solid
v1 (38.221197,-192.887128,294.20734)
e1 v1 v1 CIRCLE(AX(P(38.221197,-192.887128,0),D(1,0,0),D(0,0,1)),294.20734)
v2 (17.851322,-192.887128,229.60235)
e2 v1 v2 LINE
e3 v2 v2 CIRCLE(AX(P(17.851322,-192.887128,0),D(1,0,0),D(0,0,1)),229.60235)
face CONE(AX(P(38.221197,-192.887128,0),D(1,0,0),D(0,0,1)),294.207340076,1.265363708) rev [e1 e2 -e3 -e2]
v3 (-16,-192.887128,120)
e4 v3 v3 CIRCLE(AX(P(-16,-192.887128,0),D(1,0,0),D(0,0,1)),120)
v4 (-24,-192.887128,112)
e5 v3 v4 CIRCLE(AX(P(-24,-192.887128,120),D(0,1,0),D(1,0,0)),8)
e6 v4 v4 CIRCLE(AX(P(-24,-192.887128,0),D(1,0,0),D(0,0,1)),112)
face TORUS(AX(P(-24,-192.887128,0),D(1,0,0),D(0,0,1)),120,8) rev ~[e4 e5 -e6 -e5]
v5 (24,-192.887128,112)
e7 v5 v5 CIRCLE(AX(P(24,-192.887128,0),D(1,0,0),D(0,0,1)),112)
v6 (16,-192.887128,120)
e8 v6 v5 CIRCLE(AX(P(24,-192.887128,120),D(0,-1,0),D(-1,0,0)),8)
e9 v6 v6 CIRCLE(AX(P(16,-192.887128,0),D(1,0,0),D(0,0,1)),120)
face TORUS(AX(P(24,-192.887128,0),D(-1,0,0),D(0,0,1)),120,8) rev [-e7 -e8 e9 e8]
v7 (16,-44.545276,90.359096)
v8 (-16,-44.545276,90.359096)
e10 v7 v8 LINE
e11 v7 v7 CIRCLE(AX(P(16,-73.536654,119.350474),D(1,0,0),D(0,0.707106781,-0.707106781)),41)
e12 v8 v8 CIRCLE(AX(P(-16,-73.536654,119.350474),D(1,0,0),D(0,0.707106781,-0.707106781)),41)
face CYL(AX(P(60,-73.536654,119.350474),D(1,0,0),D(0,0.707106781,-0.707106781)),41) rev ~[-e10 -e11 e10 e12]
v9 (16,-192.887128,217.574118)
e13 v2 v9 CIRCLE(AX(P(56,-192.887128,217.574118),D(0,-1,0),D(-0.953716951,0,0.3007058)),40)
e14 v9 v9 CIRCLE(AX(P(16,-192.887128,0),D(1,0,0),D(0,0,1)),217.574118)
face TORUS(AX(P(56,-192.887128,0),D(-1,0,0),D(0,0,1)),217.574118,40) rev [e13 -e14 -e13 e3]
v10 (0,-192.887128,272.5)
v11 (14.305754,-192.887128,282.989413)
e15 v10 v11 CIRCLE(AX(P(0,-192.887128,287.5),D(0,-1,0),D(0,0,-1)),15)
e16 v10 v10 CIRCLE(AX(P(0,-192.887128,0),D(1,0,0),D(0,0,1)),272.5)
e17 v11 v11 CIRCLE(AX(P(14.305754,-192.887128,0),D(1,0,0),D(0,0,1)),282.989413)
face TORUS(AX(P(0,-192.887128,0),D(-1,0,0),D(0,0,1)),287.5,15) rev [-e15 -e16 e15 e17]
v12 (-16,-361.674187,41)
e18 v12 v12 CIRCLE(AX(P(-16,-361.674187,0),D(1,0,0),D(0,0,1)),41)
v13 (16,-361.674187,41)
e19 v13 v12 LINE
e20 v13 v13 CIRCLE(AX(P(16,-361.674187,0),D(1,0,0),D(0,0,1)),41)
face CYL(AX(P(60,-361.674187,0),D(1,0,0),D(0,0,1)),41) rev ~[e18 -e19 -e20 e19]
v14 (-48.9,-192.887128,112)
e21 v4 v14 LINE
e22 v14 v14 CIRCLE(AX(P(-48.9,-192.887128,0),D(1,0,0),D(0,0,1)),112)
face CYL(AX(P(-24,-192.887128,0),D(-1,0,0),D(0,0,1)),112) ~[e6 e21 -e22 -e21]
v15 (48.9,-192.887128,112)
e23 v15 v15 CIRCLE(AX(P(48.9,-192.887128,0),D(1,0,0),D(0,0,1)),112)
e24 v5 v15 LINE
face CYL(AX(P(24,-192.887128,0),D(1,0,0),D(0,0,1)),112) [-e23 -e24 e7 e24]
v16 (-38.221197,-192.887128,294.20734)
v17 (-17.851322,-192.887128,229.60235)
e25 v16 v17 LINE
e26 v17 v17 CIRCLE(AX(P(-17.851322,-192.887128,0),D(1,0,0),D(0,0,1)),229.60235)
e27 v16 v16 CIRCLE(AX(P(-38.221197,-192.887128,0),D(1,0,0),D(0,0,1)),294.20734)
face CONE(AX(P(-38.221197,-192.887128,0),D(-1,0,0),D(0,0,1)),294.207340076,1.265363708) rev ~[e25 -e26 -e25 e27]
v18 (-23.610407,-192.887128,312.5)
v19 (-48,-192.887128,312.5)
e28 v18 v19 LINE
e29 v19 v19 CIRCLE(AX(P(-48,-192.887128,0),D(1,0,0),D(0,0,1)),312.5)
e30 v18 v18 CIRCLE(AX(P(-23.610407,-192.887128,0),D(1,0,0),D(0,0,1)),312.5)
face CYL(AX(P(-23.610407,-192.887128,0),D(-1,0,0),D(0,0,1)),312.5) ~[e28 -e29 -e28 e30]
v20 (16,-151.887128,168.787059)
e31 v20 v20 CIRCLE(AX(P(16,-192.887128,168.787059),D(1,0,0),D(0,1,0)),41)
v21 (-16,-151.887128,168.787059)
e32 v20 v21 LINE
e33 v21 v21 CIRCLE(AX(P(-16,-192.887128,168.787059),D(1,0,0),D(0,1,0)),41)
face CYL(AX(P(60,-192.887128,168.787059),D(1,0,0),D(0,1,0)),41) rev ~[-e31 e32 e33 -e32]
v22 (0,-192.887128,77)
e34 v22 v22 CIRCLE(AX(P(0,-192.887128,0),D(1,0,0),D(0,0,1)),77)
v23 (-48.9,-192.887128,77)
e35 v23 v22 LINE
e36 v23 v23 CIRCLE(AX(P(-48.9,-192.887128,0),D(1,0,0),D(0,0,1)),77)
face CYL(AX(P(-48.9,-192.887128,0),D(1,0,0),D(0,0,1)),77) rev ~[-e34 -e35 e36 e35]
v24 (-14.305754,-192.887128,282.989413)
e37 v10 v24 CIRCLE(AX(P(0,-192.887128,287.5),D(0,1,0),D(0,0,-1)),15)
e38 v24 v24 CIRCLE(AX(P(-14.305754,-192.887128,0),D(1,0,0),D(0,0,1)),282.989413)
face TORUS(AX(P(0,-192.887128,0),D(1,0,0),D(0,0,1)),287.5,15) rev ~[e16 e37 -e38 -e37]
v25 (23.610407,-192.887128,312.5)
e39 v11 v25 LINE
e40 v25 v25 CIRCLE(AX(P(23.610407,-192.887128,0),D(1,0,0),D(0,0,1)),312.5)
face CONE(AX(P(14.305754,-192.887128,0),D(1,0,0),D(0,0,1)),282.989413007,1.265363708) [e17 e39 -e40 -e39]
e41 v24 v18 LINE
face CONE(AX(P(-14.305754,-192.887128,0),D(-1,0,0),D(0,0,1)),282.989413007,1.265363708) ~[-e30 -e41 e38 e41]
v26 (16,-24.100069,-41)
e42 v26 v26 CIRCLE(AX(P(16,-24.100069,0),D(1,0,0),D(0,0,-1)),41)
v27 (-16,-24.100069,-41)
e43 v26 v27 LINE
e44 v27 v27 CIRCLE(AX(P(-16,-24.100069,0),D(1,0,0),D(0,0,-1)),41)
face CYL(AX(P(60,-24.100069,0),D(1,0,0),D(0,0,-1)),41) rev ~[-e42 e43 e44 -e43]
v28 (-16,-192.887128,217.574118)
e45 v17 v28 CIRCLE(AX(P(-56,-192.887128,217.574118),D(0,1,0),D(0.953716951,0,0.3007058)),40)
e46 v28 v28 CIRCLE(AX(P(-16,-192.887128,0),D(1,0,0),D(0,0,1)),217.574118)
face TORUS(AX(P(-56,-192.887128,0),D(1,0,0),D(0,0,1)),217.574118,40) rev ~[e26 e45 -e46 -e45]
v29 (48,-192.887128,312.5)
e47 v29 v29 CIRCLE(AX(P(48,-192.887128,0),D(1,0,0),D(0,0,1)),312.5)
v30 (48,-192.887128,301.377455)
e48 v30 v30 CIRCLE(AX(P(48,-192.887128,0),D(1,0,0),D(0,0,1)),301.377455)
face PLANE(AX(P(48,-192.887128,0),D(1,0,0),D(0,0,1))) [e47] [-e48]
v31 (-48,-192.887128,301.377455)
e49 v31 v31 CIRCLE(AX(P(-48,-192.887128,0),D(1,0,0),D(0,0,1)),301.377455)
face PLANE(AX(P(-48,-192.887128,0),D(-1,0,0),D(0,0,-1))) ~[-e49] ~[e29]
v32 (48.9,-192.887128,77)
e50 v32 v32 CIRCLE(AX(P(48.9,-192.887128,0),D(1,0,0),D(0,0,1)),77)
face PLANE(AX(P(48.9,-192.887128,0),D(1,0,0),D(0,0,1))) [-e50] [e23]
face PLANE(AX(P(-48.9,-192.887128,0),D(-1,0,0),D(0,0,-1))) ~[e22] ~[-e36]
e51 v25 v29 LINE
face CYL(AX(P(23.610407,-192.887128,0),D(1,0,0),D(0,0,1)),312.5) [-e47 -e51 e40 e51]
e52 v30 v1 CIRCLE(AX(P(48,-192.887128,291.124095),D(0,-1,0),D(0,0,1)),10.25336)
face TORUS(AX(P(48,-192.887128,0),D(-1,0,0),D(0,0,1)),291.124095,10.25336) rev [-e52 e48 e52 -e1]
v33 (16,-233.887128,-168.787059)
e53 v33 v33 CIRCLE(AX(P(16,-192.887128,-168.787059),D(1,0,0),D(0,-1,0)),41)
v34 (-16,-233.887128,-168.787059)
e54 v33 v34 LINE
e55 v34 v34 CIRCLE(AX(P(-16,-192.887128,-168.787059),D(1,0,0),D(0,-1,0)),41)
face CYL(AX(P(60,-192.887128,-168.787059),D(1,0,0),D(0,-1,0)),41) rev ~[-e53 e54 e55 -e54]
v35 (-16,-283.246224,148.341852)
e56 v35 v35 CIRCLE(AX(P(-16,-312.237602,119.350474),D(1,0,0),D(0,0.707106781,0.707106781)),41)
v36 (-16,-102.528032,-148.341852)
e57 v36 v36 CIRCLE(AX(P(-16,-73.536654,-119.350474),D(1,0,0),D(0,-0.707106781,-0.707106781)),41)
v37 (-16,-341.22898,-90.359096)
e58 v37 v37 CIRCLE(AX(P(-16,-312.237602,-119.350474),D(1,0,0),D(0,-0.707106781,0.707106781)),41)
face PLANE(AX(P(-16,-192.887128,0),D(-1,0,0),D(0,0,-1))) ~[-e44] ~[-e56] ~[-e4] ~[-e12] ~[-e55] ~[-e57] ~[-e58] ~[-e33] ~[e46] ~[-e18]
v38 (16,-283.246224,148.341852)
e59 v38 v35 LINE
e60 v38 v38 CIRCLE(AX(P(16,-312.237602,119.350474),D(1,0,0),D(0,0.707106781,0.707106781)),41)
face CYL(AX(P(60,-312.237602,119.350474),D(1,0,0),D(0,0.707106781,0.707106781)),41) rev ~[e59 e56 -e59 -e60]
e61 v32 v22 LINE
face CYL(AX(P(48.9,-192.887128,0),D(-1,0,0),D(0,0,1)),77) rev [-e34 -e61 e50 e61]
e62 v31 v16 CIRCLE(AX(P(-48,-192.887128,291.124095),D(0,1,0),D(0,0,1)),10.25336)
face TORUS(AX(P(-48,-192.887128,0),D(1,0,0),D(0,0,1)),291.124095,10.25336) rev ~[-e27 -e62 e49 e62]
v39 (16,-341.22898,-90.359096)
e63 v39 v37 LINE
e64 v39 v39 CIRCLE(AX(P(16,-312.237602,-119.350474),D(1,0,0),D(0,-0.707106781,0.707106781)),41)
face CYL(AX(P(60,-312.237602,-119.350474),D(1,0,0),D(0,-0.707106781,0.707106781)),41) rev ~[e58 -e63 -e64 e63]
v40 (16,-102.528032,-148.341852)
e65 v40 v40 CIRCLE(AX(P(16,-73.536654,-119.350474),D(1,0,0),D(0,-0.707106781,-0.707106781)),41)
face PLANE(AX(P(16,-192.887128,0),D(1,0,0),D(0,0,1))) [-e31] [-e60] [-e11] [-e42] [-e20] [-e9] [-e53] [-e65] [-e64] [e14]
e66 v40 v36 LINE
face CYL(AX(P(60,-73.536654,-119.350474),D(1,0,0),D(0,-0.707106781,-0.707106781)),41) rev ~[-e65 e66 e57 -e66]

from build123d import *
from build123d.topology import SkipClean

# Parameters (mm, degrees)
FORO_START        = 60
SKETCH2_R         = 41
FORO_DEPTH        = 120
PATTERNFORI_COUNT = 8


with BuildPart() as part:
    # Sketch1 → Puleggia (revolve)
    with BuildSketch(Plane.XY):
        with BuildLine():
            Line((14.305754261, 90.102284872), (23.610406599, 119.612871865))
            Line((23.610406599, 119.612871865), (48, 119.612871865))
            Line((48, 119.612871865), (48, 108.49032691))
            ThreePointArc((48, 108.49032691), (41.937089486, 106.505733817), (38.221197059, 101.320211941))
            Line((38.221197059, 101.320211941), (17.85132197, 36.715221983))
            ThreePointArc((17.85132197, 36.715221983), (16.465539581, 30.77192545), (16, 24.686990003))
            Line((16, 24.686990003), (16, -72.887128135))
            ThreePointArc((16, -72.887128135), (18.343145751, -78.543982385), (24, -80.887128135))
            Line((24, -80.887128135), (48.9, -80.887128135))
            Line((48.9, -80.887128135), (48.9, -115.887128135))
            Line((48.9, -115.887128135), (0, -115.887128135))
            Line((0, -115.887128135), (0, 79.612871865))
            ThreePointArc((0, 79.612871865), (8.869644725, 82.516202801), (14.305754261, 90.102284872))
        make_face()
    puleggia = revolve(axis=Axis((-62.254886415, -192.887128135, 0), (1, 0, 0)))

    # Mirror 2: Puleggia across plane
    with SkipClean():  # the faces are left unmerged after this step: merging them gives an invalid solid
        add(puleggia.mirror(Plane(origin=(0, 79.612871865, 0), x_dir=(0, 0, 1), z_dir=(1, 0, 0))))

    # Sketch2 → Foro (cut)
    with SkipClean():  # the faces are left unmerged after this step: merging them gives an invalid solid
        with BuildSketch(Plane(origin=(0, 0, 0), x_dir=(0, 0, -1), z_dir=(1, 0, 0)).offset(FORO_START)):
            with Locations((0, -24.100069066)):
                Circle(SKETCH2_R)
        foro = extrude(amount=-FORO_DEPTH, mode=Mode.SUBTRACT)

    # PatternFori: Foro ×8 about axis
    with SkipClean():  # the faces are left unmerged after this step: merging them gives an invalid solid
        patternfori_axis = Axis((48.9, -192.887128135, 0), (-1, 0, 0))
        for i in range(1, PATTERNFORI_COUNT):
            add(foro.rotate(patternfori_axis, i * 360 / PATTERNFORI_COUNT), mode=Mode.SUBTRACT)


solid = part.part
